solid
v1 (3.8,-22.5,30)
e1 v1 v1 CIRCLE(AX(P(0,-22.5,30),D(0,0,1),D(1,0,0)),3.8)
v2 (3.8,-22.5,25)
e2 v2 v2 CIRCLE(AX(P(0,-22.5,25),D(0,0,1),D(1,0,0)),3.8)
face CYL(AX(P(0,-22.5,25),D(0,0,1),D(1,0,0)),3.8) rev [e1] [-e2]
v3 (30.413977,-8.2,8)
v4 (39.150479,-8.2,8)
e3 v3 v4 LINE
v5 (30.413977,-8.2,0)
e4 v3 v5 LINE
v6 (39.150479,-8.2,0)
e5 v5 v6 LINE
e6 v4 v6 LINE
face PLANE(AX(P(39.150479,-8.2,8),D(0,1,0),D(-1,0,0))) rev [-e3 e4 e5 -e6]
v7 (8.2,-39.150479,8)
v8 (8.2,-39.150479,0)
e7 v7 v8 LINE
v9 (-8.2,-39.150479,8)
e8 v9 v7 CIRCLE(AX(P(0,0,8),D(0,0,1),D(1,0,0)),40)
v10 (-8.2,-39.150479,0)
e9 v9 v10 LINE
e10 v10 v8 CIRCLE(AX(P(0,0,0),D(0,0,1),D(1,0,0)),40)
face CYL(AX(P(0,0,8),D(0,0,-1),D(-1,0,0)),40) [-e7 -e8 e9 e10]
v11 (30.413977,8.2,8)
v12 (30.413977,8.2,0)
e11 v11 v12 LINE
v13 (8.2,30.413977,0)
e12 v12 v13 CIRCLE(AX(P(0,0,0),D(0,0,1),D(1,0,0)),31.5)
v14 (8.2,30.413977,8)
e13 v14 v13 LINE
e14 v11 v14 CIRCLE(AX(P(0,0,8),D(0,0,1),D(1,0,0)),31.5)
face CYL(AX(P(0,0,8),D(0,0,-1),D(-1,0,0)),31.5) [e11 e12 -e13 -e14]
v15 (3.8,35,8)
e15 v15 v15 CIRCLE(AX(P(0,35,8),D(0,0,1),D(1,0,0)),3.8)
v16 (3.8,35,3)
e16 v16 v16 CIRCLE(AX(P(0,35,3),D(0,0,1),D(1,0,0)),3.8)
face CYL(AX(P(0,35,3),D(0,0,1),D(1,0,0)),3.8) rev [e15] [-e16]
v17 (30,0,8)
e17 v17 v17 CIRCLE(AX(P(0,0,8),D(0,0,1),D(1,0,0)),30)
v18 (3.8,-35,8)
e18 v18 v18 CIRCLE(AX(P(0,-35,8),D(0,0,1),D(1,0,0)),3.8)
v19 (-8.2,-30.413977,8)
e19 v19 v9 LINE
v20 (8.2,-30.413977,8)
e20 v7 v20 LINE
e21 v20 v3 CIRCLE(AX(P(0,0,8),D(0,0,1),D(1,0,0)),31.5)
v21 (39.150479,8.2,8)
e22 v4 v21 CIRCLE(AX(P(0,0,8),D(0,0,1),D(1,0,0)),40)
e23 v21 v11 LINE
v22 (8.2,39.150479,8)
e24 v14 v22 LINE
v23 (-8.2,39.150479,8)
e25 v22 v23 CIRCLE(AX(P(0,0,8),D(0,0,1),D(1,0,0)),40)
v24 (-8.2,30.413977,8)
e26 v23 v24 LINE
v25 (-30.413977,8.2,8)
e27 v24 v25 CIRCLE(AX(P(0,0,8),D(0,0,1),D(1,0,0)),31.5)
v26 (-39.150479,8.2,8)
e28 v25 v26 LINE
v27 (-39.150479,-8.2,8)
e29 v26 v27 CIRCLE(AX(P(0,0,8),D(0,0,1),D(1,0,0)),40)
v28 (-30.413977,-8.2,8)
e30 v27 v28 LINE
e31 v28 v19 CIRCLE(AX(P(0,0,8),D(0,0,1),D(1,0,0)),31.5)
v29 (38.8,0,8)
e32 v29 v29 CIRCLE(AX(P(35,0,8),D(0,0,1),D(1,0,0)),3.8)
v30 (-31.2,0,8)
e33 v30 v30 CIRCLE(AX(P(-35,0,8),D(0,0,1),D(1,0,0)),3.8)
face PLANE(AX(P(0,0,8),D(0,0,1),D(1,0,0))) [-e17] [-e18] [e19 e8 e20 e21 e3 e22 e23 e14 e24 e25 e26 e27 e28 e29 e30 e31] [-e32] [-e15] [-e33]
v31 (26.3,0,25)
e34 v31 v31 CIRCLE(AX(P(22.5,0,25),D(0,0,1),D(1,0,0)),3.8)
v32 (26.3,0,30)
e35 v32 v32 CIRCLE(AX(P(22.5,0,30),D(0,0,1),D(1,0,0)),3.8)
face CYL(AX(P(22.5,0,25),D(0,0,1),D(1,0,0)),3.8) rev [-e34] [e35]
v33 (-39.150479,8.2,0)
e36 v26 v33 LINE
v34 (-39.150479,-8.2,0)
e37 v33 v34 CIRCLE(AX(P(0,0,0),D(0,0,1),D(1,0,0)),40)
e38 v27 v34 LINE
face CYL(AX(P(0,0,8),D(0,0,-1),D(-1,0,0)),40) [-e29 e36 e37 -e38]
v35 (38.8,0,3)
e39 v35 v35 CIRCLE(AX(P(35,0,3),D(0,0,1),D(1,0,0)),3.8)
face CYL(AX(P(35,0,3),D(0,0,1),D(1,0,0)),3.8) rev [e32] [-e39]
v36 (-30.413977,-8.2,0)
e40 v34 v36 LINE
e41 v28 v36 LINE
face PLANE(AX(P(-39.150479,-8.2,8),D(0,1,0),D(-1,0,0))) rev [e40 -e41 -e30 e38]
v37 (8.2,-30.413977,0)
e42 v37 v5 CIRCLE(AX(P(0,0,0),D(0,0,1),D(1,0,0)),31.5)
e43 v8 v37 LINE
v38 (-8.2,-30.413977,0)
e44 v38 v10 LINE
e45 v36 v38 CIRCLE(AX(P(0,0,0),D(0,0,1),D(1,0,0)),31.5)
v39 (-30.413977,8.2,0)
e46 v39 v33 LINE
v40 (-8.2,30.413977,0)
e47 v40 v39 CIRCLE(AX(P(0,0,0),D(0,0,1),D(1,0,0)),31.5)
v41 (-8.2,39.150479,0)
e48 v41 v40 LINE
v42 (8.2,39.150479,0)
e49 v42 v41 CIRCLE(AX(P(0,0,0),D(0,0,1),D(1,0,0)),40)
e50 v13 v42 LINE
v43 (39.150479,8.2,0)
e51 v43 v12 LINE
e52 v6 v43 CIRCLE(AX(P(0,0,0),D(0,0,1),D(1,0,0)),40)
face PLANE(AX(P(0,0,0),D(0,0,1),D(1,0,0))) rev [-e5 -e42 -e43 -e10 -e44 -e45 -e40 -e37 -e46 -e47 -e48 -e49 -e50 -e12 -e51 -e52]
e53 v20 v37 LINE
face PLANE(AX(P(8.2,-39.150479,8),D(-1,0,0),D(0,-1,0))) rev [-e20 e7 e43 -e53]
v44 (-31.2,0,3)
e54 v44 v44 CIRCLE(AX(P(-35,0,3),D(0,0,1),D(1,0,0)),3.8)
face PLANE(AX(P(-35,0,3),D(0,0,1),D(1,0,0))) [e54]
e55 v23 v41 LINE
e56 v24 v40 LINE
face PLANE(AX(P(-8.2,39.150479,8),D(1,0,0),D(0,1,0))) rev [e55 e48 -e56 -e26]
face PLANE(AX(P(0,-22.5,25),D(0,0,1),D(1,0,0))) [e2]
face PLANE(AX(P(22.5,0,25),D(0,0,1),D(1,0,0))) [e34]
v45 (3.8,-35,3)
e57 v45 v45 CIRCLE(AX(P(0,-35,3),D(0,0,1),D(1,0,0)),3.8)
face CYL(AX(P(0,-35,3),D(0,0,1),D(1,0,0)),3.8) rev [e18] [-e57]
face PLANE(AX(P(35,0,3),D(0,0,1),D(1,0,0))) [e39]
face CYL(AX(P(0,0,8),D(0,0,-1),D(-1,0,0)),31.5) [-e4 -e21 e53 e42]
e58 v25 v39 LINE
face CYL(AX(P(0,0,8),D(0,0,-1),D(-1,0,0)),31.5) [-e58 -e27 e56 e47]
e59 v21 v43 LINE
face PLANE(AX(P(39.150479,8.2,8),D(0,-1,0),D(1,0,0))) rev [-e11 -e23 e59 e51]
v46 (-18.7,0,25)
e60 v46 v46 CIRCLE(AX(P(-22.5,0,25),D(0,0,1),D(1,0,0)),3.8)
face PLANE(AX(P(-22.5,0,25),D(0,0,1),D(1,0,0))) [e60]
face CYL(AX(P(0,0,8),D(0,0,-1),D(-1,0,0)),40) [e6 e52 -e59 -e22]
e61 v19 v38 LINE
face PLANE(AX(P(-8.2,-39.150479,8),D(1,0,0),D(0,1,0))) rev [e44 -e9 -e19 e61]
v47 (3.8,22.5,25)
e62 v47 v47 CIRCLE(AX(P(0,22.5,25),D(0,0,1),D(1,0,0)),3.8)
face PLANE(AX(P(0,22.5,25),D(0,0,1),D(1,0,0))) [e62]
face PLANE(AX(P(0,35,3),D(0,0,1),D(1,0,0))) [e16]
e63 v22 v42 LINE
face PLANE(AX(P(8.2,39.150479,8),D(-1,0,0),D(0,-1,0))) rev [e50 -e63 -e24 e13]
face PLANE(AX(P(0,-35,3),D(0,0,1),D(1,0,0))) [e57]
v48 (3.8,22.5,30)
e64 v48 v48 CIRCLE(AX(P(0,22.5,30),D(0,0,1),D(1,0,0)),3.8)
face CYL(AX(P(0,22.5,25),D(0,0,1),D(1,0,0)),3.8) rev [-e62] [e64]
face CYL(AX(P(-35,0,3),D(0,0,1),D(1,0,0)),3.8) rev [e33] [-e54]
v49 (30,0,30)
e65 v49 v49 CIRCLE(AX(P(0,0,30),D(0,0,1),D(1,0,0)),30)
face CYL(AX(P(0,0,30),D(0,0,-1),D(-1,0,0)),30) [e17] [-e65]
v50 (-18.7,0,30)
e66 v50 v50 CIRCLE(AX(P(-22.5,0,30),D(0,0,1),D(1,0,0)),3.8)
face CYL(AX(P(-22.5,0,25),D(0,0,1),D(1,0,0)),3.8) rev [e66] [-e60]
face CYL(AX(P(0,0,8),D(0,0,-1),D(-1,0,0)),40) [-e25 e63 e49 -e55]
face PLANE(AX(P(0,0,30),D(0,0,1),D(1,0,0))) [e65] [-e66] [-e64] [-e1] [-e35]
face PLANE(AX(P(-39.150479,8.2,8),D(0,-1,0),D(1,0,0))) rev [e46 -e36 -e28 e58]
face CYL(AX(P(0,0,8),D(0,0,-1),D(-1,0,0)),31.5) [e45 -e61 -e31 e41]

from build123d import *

# Parameters (mm, degrees)
BOSS_EXTRUDE1_DEPTH = 8
SKETCH2_R           = 30
BOSS_EXTRUDE2_DEPTH = 22
SKETCH3_R           = 3.8
CUT_EXTRUDE1_DEPTH  = 5
SKETCH4_R           = 3.8
CUT_EXTRUDE2_DEPTH  = 5


with BuildPart() as part:
    # Sketch1 → Boss-Extrude1 (new body)
    with BuildSketch(Plane.XY):
        with BuildLine():
            Line((-8.2, 39.150478924), (-8.2, 30.41397705))
            ThreePointArc((-8.2, 30.41397705), (-22.273863607, 22.273863607), (-30.41397705, 8.2))
            Line((-30.41397705, 8.2), (-39.150478924, 8.2))
            ThreePointArc((-39.150478924, 8.2), (-40, 0), (-39.150478924, -8.2))
            Line((-39.150478924, -8.2), (-30.41397705, -8.2))
            ThreePointArc((-30.41397705, -8.2), (-22.273863607, -22.273863607), (-8.2, -30.41397705))
            Line((-8.2, -30.41397705), (-8.2, -39.150478924))
            ThreePointArc((-8.2, -39.150478924), (0, -40), (8.2, -39.150478924))
            Line((8.2, -39.150478924), (8.2, -30.41397705))
            ThreePointArc((8.2, -30.41397705), (22.273863607, -22.273863607), (30.41397705, -8.2))
            Line((30.41397705, -8.2), (39.150478924, -8.2))
            ThreePointArc((39.150478924, -8.2), (40, 0), (39.150478924, 8.2))
            Line((39.150478924, 8.2), (30.41397705, 8.2))
            ThreePointArc((30.41397705, 8.2), (22.273863607, 22.273863607), (8.2, 30.41397705))
            Line((8.2, 30.41397705), (8.2, 39.150478924))
            ThreePointArc((8.2, 39.150478924), (0, 40), (-8.2, 39.150478924))
        make_face()
    extrude(amount=BOSS_EXTRUDE1_DEPTH)

    # Sketch2 → Boss-Extrude2 (add)
    with BuildSketch(Plane.XY.offset(8)):
        Circle(SKETCH2_R)
    extrude(amount=BOSS_EXTRUDE2_DEPTH)

    # Sketch3 → Cut-Extrude1 (cut)
    with BuildSketch(Plane.XY.offset(8)):
        with Locations((0, 35)):
            Circle(SKETCH3_R)
        with Locations((35, 0)):
            Circle(SKETCH3_R)
        with Locations((0, -35)):
            Circle(SKETCH3_R)
        with Locations((-35, 0)):
            Circle(SKETCH3_R)
    extrude(amount=-CUT_EXTRUDE1_DEPTH, mode=Mode.SUBTRACT)

    # Sketch4 → Cut-Extrude2 (cut)
    with BuildSketch(Plane.XY.offset(30)):
        with Locations((0, 22.5)):
            Circle(SKETCH4_R)
        with Locations((22.5, 0)):
            Circle(SKETCH4_R)
        with Locations((0, -22.5)):
            Circle(SKETCH4_R)
        with Locations((-22.5, 0)):
            Circle(SKETCH4_R)
    extrude(amount=-CUT_EXTRUDE2_DEPTH, mode=Mode.SUBTRACT)


solid = part.part
